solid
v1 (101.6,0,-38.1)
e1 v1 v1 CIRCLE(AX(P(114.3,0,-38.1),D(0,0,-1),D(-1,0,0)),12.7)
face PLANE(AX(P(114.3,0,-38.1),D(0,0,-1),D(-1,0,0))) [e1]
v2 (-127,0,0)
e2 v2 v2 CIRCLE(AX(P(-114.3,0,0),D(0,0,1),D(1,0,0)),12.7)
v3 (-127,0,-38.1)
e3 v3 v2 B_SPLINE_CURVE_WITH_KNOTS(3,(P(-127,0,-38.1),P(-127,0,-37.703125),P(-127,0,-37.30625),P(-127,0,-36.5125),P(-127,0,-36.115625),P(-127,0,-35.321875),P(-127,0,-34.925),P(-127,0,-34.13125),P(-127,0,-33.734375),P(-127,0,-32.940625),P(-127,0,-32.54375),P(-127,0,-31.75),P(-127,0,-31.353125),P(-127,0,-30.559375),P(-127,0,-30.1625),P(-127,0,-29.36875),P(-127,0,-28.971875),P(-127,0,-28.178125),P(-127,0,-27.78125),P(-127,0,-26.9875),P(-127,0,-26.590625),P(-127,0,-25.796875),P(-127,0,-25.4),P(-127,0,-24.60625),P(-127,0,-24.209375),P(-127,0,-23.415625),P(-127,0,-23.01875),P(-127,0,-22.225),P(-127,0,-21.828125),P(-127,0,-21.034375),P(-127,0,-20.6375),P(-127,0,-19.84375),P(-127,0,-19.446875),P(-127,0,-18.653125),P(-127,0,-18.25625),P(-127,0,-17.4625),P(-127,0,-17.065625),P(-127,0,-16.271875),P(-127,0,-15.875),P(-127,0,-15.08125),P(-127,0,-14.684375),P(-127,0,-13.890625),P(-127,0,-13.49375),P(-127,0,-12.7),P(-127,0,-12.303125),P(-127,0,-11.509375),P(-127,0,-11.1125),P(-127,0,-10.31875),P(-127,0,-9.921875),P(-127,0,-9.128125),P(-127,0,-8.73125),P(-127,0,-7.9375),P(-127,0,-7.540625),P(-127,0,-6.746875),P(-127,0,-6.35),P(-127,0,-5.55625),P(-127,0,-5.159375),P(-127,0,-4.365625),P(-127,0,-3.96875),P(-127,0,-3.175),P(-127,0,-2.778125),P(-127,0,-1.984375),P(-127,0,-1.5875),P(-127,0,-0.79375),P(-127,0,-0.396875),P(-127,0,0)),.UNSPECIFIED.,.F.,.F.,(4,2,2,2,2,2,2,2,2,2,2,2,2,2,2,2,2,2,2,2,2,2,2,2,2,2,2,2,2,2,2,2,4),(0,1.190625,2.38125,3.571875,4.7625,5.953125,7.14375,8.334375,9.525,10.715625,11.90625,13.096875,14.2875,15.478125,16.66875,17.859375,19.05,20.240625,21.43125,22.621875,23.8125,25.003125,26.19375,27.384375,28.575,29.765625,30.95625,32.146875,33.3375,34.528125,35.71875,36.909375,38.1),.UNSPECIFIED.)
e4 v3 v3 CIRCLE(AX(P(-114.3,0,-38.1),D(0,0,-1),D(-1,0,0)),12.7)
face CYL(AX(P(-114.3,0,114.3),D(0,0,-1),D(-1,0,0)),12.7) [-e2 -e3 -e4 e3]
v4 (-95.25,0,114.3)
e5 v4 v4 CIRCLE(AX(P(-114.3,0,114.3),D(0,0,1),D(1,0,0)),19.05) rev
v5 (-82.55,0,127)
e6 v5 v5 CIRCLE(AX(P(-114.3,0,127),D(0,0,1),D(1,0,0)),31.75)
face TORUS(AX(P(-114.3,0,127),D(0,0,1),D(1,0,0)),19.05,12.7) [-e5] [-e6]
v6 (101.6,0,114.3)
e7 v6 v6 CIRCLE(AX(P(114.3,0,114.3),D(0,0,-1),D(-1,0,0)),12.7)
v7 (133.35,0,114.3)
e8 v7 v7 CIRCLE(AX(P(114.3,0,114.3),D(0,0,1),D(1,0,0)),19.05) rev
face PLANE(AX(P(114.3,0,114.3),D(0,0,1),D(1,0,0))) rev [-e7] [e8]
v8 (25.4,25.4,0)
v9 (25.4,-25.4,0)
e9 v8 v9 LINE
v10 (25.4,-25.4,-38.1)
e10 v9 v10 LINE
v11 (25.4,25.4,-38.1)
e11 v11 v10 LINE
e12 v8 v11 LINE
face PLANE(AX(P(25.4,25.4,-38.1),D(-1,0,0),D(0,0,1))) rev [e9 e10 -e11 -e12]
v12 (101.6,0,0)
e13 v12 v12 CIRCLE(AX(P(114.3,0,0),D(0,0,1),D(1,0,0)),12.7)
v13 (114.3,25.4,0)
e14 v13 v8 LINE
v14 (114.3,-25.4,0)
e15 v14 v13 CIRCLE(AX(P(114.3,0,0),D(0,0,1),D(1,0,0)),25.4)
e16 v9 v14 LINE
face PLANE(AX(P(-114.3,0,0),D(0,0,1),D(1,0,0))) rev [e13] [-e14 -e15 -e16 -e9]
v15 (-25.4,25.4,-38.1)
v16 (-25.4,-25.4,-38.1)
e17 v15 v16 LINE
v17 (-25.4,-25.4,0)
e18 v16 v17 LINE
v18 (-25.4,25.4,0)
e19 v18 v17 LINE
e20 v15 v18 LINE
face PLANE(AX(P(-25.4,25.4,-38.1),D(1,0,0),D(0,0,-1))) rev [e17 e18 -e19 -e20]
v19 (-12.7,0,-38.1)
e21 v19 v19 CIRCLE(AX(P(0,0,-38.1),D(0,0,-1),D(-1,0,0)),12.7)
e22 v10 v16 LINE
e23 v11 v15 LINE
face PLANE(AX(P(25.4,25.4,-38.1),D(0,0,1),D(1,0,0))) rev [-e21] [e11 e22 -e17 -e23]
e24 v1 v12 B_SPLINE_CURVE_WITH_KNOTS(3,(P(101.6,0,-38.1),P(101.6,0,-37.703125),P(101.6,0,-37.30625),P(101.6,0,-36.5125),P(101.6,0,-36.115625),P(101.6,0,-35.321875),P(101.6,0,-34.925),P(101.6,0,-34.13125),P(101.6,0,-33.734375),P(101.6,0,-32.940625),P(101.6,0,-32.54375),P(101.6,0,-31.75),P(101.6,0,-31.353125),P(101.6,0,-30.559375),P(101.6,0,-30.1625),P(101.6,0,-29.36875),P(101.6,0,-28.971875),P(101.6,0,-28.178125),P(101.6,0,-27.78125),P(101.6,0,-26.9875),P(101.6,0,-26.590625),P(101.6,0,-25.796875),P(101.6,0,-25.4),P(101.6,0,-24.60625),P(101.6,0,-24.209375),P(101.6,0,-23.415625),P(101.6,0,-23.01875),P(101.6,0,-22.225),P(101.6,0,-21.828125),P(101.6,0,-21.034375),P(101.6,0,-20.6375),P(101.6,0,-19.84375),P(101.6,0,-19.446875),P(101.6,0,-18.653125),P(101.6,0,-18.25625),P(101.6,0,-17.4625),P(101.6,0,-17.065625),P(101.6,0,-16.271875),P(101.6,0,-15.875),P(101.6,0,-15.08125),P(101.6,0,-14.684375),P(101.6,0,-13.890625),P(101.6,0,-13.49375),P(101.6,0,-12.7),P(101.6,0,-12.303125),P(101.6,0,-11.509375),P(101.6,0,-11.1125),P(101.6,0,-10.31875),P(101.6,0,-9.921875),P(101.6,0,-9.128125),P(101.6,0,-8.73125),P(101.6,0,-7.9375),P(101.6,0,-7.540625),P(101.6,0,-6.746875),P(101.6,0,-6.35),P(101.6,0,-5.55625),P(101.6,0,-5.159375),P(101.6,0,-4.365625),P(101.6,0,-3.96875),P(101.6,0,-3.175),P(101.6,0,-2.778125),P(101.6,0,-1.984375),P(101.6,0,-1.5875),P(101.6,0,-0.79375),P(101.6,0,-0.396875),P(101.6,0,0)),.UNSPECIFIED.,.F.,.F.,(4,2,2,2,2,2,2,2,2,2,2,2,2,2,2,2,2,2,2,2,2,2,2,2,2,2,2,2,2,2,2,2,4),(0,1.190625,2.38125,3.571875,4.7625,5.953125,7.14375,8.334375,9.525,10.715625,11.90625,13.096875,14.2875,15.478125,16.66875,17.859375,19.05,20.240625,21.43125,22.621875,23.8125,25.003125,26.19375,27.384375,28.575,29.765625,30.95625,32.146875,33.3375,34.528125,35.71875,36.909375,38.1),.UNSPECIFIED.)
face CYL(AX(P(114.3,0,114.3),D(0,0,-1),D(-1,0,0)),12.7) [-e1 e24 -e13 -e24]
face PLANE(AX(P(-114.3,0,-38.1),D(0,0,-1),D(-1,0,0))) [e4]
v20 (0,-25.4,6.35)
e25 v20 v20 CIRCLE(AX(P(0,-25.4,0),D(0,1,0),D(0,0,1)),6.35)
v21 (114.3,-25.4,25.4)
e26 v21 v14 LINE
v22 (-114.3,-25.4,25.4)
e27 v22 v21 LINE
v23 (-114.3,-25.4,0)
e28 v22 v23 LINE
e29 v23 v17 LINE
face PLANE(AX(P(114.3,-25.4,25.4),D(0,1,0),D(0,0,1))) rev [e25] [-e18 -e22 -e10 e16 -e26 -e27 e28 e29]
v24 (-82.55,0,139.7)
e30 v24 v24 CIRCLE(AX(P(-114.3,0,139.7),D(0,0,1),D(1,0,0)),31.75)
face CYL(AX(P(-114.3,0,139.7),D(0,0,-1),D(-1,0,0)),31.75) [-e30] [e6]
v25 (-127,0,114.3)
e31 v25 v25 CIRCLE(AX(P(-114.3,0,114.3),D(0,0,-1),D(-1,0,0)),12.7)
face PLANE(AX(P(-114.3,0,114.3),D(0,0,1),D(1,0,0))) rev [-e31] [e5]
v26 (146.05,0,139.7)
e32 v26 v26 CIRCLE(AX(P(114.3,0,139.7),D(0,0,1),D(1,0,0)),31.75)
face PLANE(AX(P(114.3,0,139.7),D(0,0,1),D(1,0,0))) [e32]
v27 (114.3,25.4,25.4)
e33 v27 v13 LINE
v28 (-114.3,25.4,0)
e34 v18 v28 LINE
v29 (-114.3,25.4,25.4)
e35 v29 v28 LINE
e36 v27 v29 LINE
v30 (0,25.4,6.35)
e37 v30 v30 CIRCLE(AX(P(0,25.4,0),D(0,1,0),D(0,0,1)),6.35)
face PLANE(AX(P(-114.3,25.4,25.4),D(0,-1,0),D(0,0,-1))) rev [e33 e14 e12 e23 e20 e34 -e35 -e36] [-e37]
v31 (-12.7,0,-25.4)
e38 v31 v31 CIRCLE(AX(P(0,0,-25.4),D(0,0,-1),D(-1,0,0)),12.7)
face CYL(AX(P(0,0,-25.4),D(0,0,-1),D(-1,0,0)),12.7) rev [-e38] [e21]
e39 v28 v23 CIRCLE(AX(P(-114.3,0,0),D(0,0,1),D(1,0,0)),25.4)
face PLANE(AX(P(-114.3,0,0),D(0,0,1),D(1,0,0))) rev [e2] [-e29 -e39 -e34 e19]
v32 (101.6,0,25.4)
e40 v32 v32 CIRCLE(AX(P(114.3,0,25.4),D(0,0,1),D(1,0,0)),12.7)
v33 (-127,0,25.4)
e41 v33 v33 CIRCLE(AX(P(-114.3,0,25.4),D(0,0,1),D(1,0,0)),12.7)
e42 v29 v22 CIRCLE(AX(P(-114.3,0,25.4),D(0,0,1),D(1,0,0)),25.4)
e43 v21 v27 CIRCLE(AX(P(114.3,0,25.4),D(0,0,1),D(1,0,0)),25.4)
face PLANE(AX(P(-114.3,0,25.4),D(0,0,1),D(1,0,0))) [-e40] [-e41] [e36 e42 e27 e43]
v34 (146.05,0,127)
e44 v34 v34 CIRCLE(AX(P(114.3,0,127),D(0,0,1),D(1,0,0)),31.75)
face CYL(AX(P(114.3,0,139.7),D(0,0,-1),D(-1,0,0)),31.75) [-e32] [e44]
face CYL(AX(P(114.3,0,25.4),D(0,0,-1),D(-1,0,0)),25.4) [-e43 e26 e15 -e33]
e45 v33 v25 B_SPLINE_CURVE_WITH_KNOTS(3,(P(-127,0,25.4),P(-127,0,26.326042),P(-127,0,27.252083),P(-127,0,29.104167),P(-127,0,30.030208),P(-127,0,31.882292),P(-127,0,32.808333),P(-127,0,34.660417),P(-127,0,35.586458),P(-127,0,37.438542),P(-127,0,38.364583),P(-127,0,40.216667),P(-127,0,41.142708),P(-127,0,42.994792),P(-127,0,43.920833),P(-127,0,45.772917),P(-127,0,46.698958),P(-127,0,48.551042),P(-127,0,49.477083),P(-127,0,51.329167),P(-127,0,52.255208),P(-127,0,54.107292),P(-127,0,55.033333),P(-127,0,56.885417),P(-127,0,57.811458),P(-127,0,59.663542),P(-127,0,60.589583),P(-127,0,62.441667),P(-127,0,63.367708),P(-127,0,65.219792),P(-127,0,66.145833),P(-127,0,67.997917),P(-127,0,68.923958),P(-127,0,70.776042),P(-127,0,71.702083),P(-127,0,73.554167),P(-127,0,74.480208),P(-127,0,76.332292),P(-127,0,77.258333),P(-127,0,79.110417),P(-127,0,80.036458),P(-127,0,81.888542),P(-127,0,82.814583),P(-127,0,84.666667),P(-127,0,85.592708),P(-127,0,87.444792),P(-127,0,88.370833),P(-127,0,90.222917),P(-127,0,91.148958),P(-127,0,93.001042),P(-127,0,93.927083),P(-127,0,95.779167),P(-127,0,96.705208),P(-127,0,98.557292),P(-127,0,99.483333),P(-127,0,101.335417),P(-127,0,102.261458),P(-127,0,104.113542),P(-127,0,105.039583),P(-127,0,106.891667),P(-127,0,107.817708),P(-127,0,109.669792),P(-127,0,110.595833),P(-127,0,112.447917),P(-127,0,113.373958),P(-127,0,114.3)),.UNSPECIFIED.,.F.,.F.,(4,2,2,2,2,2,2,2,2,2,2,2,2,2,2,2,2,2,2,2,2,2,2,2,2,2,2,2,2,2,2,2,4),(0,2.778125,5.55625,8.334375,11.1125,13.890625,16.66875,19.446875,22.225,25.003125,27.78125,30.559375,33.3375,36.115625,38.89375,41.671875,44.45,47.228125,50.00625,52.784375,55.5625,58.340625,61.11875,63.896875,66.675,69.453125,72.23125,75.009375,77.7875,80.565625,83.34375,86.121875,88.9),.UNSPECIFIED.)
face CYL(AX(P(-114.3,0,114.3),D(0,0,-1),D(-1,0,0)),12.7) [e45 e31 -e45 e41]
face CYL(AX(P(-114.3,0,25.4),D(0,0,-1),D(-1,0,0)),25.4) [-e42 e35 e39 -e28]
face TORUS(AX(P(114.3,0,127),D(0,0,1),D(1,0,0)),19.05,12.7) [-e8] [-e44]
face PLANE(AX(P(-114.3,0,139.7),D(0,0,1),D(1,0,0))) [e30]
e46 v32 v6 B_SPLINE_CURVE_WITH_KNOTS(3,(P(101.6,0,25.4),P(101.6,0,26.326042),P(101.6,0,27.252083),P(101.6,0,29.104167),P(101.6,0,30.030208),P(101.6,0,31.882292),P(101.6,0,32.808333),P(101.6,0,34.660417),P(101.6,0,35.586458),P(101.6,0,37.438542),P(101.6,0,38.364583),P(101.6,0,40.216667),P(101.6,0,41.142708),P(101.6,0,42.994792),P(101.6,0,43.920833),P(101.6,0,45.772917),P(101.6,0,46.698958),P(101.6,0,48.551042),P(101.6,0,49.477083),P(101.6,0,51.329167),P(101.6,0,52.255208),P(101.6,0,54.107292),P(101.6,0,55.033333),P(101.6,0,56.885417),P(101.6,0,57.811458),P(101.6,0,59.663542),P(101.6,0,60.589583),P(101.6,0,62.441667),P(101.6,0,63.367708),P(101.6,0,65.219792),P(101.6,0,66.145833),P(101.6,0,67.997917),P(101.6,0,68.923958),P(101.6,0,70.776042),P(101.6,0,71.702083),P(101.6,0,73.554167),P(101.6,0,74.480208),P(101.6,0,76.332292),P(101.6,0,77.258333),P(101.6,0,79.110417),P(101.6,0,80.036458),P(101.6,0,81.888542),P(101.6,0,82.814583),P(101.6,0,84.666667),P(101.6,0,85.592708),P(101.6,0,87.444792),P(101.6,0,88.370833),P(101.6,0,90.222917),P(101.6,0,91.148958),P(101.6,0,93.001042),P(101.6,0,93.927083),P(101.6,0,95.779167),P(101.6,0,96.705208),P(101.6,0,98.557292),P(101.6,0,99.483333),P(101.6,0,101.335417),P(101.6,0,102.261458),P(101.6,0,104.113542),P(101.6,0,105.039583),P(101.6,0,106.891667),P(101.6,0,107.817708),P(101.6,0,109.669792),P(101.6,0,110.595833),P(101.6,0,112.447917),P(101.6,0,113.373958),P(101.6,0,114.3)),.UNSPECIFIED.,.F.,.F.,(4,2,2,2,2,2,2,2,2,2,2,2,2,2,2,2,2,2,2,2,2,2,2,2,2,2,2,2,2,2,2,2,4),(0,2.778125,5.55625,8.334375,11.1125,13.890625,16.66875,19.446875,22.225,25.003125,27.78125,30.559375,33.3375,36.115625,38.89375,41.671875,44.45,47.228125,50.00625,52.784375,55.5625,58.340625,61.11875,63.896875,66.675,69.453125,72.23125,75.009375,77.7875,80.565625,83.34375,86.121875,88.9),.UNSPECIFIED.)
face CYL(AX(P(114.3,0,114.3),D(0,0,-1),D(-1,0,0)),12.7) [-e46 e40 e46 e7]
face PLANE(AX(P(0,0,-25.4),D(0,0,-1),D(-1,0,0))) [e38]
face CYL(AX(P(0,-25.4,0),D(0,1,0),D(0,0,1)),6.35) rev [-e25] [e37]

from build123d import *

# Parameters (mm, degrees)
SKETCH1_R                = 12.7
BOSS_EXTRUDE1_DEPTH      = 25.4
BOSS_EXTRUDE2_DEPTH      = 25.4
BOSS_EXTRUDE2_DEPTH_BACK = 25.4
SKETCH2_W                = 50.8
SKETCH2_H                = 38.1
SKETCH3_R                = 6.35
CUT_EXTRUDE1_DEPTH       = 154.454683865
SKETCH4_R                = 12.7
CUT_EXTRUDE2_DEPTH       = 12.7
SKETCH5_R                = 12.7
BOSS_EXTRUDE3_DEPTH      = 152.4
SKETCH6_R                = 31.75
BOSS_EXTRUDE4_DEPTH      = 25.4
FILLET1_R                = 12.7


with BuildPart() as part:
    # Sketch1 → Boss-Extrude1 (new body)
    with BuildSketch(Plane.XY):
        with BuildLine():
            Line((-114.3, 25.4), (114.3, 25.4))
            ThreePointArc((114.3, 25.4), (139.7, 0), (114.3, -25.4))
            Line((114.3, -25.4), (-114.3, -25.4))
            ThreePointArc((-114.3, -25.4), (-139.7, 0), (-114.3, 25.4))
        make_face()
        with Locations((-114.3, 0)):
            Circle(SKETCH1_R, mode=Mode.SUBTRACT)
        with Locations((114.3, 0)):
            Circle(SKETCH1_R, mode=Mode.SUBTRACT)
    extrude(amount=BOSS_EXTRUDE1_DEPTH)

    # Sketch2 → Boss-Extrude2 (add, two sides: drawn at the far end of the back side and taken through both)
    with BuildSketch(Plane(origin=(0, 0, 0), x_dir=(1, 0, 0), z_dir=(0, 1, 0)).offset(-BOSS_EXTRUDE2_DEPTH_BACK)):
        with Locations((0, 19.05)):
            Rectangle(SKETCH2_W, SKETCH2_H)
    extrude(amount=BOSS_EXTRUDE2_DEPTH + BOSS_EXTRUDE2_DEPTH_BACK)

    # Sketch3 → Cut-Extrude1 (cut, through all)
    with BuildSketch(Plane(origin=(0, 25.4, 0), x_dir=(1, 0, 0), z_dir=(0, 1, 0))):
        with Locations(Location((0, 0, 0), (0, 0, 270))):
            Circle(SKETCH3_R)
    extrude(amount=-CUT_EXTRUDE1_DEPTH, mode=Mode.SUBTRACT)

    # Sketch4 → Cut-Extrude2 (cut)
    with BuildSketch(Plane(origin=(0, 0, -38.1), x_dir=(-1, 0, 0), z_dir=(0, 0, -1))):
        Circle(SKETCH4_R)
    extrude(amount=-CUT_EXTRUDE2_DEPTH, mode=Mode.SUBTRACT)

    # Sketch5 → Boss-Extrude3 (add)
    with BuildSketch(Plane(origin=(0, 0, -38.1), x_dir=(-1, 0, 0), z_dir=(0, 0, -1))):
        with Locations((114.3, 0)):
            Circle(SKETCH5_R)
        with Locations((-114.3, 0)):
            Circle(SKETCH5_R)
    extrude(amount=-BOSS_EXTRUDE3_DEPTH)

    # Sketch6 → Boss-Extrude4 (add)
    with BuildSketch(Plane.XY.offset(114.3)):
        with Locations((-114.3, 0)):
            Circle(SKETCH6_R)
        with Locations((114.3, 0)):
            Circle(SKETCH6_R)
    extrude(amount=BOSS_EXTRUDE4_DEPTH)

    # Fillet1
    fillet1_edges = [part.edges().sort_by_distance(p)[0] for p in [
        (-146.05, 0, 114.3),
        (82.55, 0, 114.3),
    ]]
    fillet(fillet1_edges, radius=FILLET1_R)


solid = part.part
